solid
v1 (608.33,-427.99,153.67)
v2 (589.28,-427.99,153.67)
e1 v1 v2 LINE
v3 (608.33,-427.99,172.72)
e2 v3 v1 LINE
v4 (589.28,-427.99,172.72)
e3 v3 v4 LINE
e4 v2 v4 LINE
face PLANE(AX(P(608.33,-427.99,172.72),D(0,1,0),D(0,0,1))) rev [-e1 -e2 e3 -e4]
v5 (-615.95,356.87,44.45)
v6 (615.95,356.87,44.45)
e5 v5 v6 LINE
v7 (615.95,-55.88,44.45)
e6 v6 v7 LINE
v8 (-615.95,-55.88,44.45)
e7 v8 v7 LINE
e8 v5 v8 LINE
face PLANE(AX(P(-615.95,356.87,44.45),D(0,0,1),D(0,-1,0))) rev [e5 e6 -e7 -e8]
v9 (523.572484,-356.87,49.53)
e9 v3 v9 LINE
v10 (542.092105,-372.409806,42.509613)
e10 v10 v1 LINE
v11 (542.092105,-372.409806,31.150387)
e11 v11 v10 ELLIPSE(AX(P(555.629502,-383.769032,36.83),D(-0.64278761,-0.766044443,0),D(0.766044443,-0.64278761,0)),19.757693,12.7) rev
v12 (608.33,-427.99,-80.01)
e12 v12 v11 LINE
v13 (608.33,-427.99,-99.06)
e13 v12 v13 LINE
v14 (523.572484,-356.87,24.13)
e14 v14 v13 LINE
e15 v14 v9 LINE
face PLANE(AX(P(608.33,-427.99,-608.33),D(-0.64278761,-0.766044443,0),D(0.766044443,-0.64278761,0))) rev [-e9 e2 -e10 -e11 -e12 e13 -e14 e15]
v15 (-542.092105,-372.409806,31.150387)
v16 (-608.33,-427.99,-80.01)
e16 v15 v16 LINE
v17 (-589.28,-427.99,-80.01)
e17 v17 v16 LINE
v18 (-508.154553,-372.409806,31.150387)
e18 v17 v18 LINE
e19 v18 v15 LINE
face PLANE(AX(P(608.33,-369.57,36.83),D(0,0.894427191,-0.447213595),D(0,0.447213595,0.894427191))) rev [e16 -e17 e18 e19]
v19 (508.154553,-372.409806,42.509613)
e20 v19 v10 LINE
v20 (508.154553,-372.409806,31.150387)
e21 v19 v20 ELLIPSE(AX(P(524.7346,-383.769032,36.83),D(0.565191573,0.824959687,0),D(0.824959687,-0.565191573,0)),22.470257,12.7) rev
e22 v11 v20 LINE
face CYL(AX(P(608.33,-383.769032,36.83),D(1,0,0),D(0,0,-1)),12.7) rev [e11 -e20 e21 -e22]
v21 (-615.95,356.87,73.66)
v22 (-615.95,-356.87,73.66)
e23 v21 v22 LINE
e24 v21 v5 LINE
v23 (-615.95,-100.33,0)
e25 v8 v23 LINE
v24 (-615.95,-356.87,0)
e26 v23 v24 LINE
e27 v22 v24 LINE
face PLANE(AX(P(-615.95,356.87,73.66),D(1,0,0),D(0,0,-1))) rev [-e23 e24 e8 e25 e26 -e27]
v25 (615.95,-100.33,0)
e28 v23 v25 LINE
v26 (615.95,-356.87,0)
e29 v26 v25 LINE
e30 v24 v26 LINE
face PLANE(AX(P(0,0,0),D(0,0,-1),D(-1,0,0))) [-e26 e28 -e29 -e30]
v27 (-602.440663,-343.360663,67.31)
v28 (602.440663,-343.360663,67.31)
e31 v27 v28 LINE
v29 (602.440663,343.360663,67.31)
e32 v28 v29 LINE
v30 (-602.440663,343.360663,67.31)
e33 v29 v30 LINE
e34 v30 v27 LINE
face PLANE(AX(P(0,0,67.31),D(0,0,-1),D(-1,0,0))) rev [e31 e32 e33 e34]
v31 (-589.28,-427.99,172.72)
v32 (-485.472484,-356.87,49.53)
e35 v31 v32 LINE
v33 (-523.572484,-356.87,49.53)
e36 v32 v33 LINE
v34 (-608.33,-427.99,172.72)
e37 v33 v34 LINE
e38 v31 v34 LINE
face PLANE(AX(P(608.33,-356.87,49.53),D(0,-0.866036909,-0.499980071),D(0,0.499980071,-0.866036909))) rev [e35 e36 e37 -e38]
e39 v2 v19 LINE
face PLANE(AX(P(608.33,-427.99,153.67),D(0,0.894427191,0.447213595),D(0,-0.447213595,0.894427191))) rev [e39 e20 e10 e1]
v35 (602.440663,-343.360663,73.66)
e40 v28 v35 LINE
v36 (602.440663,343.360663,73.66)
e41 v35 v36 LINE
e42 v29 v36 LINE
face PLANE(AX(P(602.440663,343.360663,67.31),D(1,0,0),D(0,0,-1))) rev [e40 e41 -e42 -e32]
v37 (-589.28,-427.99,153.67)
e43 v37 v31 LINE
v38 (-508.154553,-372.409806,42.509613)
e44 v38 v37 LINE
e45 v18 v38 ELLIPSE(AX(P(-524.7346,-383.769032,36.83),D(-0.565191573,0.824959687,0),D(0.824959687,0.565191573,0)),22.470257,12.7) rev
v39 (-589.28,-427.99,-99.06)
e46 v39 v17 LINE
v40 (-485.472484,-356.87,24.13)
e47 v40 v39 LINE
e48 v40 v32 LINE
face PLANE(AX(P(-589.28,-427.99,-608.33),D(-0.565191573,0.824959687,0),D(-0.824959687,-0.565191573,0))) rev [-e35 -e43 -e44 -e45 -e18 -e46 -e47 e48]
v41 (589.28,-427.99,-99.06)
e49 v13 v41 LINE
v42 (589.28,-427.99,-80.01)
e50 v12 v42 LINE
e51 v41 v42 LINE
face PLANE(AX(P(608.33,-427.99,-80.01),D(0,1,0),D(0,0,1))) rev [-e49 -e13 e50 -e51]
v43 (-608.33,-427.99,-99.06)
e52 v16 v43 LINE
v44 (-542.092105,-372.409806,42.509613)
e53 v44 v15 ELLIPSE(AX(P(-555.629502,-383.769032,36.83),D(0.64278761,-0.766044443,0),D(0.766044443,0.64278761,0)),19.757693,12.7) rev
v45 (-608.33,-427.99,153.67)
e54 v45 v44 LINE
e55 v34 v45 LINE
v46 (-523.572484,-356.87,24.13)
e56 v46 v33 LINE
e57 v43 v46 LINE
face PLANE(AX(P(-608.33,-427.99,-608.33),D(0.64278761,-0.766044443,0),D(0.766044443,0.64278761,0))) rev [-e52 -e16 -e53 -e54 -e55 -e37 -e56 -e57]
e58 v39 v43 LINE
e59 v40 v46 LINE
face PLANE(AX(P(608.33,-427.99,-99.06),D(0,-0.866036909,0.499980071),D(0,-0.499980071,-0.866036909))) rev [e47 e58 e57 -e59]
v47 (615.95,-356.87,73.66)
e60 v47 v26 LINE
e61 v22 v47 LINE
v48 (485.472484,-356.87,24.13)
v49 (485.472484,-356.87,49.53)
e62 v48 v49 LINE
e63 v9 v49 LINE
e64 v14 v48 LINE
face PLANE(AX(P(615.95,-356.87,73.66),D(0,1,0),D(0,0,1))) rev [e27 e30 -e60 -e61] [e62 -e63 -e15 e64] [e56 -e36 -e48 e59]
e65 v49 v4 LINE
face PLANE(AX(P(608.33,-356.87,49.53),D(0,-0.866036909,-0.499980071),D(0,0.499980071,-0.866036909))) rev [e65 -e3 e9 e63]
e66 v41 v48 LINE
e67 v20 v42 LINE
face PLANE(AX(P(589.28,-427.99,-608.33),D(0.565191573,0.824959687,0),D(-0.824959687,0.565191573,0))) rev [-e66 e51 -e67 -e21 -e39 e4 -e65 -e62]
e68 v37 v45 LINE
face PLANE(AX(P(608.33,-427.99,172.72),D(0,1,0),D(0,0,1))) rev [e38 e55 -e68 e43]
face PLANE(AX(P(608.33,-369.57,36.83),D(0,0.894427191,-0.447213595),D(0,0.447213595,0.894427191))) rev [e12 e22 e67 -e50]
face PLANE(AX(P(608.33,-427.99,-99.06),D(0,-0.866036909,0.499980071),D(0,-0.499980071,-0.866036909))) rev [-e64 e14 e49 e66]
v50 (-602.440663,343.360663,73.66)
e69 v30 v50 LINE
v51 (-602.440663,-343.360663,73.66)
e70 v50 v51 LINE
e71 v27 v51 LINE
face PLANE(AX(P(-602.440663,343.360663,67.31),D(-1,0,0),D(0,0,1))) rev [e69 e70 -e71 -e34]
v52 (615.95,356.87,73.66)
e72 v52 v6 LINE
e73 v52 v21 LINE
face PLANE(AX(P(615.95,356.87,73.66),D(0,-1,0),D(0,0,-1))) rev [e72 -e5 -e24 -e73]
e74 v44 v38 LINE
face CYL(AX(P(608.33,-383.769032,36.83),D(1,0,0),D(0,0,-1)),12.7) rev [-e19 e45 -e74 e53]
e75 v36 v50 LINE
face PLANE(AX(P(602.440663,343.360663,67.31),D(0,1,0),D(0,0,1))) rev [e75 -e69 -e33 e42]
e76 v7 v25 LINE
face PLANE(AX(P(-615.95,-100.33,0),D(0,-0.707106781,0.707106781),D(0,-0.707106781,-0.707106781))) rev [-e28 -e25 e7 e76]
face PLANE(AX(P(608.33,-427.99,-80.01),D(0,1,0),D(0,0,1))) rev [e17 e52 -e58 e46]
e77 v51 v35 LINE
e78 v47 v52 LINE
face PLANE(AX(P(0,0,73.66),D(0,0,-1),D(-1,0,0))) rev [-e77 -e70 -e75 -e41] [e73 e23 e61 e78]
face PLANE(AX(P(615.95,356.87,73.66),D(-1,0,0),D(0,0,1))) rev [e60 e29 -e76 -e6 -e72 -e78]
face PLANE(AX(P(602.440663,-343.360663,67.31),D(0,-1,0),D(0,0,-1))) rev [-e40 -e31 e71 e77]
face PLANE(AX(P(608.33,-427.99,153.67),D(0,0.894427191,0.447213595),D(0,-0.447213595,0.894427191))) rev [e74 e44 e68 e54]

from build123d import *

# Parameters (mm, degrees)
SKETCH2_W           = 1231.9
SKETCH2_H           = 713.74
BOSS_EXTRUDE1_DEPTH = 73.66
BOSS_EXTRUDE2_DEPTH = 608.33
FILLET1_R           = 12.7
CUT_EXTRUDE1_DEPTH  = 1316.517103082
CUT_EXTRUDE2_DEPTH  = 608.33
SKETCH6_W           = 1204.881325014
SKETCH6_H           = 686.721325014
CUT_EXTRUDE3_DEPTH  = 6.35


with BuildPart() as part:
    # Sketch2 → Boss-Extrude1 (new body)
    with BuildSketch(Plane.XY):
        Rectangle(SKETCH2_W, SKETCH2_H)
    extrude(amount=BOSS_EXTRUDE1_DEPTH)

    # Sketch3 → Boss-Extrude2 (add, symmetric)
    with BuildSketch(Plane(origin=(0, 0, 0), x_dir=(0, 0, -1), z_dir=(1, 0, 0))):
        Polygon((-49.53, -356.87), (-172.72, -427.99), (-153.67, -427.99), (-36.83, -369.57), (80.01, -427.99), (99.06, -427.99), (-24.13, -356.87), align=None)
    extrude(amount=BOSS_EXTRUDE2_DEPTH, both=True)

    # Fillet1
    fillet1_edges = [part.edges().sort_by_distance(p)[0] for p in [
        (0, -369.57, 36.83),
    ]]
    fillet(fillet1_edges, radius=FILLET1_R)

    # Sketch4 → Cut-Extrude1 (cut, through all)
    with BuildSketch(Plane(origin=(615.95, 0, 0), x_dir=(0, 0, -1), z_dir=(1, 0, 0))):
        Polygon((0, 356.87), (-44.45, 356.87), (-44.45, -55.88), (0, -100.33), align=None)
    extrude(amount=-CUT_EXTRUDE1_DEPTH, mode=Mode.SUBTRACT)

    # Sketch5 → Cut-Extrude2 (cut, symmetric)
    with BuildSketch(Plane.XY):
        Polygon((-608.33, -427.99), (-523.572484495, -356.87), (-608.33, -356.87), align=None)
        Polygon((-589.28, -427.99), (-485.472484495, -356.87), (485.472484495, -356.87), (589.28, -427.99), align=None)
        Polygon((608.33, -356.87), (608.33, -427.99), (523.572484495, -356.87), align=None)
    extrude(amount=CUT_EXTRUDE2_DEPTH, both=True, mode=Mode.SUBTRACT)

    # Sketch6 → Cut-Extrude3 (cut)
    with BuildSketch(Plane.XY.offset(73.66)):
        Rectangle(SKETCH6_W, SKETCH6_H)
    extrude(amount=-CUT_EXTRUDE3_DEPTH, mode=Mode.SUBTRACT)


solid = part.part
